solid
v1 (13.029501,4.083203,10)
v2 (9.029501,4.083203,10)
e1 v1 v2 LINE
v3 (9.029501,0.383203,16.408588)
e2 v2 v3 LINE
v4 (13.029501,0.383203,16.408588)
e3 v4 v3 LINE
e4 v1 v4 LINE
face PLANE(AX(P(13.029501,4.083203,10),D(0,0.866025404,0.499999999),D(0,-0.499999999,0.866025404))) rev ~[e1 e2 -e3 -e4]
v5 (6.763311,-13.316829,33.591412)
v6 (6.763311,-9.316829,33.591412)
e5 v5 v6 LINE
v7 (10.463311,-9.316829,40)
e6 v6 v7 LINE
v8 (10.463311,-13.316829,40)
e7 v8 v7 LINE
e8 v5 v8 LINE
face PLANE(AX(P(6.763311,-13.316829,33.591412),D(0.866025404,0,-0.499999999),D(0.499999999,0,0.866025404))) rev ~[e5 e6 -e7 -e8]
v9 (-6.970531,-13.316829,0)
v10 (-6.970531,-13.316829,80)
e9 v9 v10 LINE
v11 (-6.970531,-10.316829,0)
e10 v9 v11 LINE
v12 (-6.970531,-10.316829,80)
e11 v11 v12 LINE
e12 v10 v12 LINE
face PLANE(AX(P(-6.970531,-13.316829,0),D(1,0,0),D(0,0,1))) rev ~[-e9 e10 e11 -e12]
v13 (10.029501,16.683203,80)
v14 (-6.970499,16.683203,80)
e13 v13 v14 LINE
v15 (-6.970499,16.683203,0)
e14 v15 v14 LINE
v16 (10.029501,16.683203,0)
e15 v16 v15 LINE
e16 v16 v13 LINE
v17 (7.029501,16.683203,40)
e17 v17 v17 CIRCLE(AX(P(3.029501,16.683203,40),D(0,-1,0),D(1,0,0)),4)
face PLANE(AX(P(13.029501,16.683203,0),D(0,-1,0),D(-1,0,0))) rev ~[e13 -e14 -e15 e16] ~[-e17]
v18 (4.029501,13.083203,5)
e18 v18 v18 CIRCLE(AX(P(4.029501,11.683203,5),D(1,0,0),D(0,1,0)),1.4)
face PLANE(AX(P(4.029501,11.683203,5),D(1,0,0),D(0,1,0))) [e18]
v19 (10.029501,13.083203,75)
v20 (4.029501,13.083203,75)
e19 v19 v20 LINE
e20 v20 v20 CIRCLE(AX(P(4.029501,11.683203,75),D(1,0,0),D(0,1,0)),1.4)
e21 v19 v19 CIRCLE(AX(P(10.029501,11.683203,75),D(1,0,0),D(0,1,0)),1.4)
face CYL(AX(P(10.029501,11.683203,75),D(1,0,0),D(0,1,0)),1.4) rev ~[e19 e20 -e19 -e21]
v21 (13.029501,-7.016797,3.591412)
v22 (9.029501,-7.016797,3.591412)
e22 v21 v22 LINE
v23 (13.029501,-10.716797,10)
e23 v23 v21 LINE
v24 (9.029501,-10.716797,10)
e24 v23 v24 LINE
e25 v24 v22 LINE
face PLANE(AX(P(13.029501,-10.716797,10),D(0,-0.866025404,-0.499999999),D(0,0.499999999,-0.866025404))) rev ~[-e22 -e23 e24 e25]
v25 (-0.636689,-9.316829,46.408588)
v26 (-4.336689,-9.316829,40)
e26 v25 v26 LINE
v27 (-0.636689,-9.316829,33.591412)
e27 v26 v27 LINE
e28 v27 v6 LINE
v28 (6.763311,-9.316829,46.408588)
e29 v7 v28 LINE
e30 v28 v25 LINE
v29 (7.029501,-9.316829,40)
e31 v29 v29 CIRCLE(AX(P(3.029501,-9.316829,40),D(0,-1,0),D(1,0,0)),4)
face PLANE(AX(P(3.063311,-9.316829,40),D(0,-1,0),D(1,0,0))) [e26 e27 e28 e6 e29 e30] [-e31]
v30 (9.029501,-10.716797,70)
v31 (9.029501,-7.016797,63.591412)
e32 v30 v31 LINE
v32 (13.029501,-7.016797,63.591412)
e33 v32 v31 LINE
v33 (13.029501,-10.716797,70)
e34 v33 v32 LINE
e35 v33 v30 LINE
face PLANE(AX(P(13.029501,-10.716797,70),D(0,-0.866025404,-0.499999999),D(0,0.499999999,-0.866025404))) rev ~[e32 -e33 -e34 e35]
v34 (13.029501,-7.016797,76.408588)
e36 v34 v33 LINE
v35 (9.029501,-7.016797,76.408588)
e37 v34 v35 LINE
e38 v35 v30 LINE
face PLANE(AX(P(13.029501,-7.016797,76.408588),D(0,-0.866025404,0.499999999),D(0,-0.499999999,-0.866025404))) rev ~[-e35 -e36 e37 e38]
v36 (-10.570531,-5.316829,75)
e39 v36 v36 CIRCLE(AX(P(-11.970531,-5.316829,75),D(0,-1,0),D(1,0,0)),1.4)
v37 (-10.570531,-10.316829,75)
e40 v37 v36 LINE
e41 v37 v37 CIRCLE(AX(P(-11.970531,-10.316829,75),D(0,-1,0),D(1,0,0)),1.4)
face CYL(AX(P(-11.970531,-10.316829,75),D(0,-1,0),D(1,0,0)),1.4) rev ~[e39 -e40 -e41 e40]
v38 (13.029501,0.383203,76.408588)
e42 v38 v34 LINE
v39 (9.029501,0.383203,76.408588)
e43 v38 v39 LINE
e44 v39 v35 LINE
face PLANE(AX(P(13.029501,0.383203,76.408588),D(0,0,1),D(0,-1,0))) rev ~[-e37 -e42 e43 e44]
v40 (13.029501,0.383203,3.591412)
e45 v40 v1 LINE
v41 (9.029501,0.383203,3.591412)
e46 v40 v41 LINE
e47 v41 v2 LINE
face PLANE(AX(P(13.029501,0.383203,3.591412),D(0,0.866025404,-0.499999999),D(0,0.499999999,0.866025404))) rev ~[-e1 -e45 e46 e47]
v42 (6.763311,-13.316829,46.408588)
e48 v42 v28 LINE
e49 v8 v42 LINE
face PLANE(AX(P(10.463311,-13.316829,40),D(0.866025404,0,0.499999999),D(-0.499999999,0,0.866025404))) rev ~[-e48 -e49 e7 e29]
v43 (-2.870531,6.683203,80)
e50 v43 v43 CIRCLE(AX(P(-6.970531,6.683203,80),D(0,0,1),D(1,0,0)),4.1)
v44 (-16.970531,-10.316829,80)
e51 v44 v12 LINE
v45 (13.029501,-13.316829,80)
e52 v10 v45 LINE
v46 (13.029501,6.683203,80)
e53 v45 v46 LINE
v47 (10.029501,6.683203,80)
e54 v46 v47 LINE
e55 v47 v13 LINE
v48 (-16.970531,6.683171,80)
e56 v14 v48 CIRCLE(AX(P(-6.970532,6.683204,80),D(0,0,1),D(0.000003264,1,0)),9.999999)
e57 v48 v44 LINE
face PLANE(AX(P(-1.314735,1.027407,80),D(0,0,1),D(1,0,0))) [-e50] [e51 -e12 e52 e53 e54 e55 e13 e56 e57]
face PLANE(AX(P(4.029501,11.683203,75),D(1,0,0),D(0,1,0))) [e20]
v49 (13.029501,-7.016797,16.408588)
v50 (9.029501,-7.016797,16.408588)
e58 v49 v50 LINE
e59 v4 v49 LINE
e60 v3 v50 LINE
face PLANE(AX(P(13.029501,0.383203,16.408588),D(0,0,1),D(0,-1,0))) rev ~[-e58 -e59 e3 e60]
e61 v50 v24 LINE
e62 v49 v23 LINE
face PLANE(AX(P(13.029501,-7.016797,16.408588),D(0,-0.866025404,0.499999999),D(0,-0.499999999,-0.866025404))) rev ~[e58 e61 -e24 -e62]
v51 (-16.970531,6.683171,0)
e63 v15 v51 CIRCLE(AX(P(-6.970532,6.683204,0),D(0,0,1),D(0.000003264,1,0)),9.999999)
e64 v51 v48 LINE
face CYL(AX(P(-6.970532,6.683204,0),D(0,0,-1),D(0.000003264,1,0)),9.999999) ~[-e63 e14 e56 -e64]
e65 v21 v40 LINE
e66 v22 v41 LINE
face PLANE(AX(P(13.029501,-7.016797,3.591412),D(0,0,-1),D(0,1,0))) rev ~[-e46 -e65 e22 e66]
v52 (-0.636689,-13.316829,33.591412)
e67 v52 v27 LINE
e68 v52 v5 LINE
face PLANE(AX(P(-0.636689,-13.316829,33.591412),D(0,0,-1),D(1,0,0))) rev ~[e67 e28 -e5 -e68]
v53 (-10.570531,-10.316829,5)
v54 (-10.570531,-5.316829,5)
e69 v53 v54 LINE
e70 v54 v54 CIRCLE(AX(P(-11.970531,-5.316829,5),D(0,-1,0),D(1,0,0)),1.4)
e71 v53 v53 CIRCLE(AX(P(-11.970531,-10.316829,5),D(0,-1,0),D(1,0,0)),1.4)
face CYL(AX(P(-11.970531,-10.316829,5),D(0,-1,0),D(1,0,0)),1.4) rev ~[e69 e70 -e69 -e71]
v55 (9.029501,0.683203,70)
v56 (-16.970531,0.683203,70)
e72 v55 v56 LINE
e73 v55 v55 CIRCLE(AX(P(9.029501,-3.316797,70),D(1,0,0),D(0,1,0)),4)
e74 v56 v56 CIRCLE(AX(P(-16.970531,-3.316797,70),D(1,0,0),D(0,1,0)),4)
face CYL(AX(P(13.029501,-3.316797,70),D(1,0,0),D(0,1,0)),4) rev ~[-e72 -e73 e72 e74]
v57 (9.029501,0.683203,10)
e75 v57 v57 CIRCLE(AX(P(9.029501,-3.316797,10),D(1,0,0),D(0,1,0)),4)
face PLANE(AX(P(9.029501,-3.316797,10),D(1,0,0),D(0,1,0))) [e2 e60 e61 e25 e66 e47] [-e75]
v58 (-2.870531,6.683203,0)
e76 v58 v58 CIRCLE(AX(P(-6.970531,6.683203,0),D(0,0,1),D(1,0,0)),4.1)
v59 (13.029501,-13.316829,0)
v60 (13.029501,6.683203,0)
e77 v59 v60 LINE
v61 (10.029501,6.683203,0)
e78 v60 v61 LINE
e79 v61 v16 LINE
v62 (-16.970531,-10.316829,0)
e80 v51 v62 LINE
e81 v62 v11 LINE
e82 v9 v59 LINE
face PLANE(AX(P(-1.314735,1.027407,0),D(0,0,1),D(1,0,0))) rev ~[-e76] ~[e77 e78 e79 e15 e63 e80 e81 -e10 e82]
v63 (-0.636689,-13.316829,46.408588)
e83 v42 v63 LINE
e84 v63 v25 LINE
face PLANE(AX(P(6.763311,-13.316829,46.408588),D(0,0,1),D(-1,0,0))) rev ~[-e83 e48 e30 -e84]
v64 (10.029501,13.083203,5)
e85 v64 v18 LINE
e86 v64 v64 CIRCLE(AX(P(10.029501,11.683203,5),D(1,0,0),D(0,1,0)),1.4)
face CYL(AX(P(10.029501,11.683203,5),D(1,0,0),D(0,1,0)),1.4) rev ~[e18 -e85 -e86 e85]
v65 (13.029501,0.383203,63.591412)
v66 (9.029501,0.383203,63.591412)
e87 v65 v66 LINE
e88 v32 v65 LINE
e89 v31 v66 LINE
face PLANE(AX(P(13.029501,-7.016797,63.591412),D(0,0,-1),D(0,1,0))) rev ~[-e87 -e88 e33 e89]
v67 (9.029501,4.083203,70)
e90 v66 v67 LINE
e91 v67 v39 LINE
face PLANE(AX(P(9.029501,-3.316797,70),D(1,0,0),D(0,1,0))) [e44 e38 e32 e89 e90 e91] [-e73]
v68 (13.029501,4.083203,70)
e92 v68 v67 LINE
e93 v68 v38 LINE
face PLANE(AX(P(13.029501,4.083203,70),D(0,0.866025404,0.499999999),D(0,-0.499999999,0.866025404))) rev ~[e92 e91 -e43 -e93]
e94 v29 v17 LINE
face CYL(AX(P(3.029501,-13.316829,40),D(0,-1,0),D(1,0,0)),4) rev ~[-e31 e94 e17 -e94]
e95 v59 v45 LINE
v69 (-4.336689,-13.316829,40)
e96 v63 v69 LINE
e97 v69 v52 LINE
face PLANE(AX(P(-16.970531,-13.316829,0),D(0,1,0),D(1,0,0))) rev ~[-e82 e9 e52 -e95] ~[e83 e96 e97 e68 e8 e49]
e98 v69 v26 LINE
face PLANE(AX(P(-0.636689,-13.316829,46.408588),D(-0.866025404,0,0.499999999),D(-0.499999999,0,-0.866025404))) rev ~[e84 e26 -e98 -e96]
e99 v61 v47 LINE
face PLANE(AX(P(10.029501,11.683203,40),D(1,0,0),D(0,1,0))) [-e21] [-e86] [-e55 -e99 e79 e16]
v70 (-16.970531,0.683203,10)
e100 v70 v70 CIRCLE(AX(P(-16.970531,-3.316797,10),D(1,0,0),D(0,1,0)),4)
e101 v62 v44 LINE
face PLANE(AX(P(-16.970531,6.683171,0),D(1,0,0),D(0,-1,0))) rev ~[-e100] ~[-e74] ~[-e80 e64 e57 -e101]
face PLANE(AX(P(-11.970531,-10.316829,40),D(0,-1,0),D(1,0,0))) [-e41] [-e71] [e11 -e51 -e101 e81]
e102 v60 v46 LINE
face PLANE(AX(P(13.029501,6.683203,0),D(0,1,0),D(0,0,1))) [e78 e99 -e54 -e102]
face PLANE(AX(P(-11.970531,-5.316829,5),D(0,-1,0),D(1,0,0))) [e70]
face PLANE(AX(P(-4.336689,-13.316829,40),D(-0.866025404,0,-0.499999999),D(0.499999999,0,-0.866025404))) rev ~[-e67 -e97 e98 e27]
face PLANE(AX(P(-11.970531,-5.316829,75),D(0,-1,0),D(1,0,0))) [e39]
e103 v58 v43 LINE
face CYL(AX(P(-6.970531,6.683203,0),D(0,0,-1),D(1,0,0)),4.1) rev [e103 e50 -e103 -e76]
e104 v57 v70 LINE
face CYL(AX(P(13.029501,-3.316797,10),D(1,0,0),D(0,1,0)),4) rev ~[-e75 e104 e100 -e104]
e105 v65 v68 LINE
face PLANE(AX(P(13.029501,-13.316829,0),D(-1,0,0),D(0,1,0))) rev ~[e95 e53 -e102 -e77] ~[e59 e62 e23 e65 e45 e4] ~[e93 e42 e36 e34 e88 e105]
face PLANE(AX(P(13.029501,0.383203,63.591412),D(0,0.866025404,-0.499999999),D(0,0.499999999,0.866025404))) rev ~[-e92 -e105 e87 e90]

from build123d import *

# Parameters (mm, degrees)
SKETCH004_R  = 1.4
PAD002_DEPTH = 6
SKETCH007_R  = 4
PAD003_DEPTH = 31
SKETCH001_R  = 4
PAD004_DEPTH = 31
SKETCH006_R  = 1.4
PAD005_DEPTH = 5
PAD006_DEPTH = 4
SKETCH003_W  = 10
SKETCH003_H  = 80
PAD007_DEPTH = 3
SKETCH005_W  = 10
SKETCH005_H  = 80
PAD008_DEPTH = 3
PAD001_DEPTH = 4
SKETCH_R     = 4.1
PAD_DEPTH    = 80


with BuildPart() as pleximount02:
    # Sketch004 → Pad002 (new body)
    with BuildSketch(Plane.YZ.offset(10.029501)):
        with Locations((11.683203, 75)):
            Circle(SKETCH004_R)
        with Locations((11.683203, 5)):
            Circle(SKETCH004_R)
    extrude(amount=-PAD002_DEPTH)


with BuildPart() as rodhole01:
    # Sketch007 → Pad003 (new body)
    with BuildSketch(Plane.XZ.offset(13.316829)):
        with Locations((3.029501, 40)):
            Circle(SKETCH007_R)
    extrude(amount=-PAD003_DEPTH)


with BuildPart() as rodhole02:
    # Sketch001 → Pad004 (new body)
    with BuildSketch(Plane.YZ.offset(13.029501)):
        with Locations((-3.316797, 70)):
            Circle(SKETCH001_R)
        with Locations((-3.316797, 10)):
            Circle(SKETCH001_R)
    extrude(amount=-PAD004_DEPTH)


with BuildPart() as pleximount01:
    # Sketch006 → Pad005 (new body)
    with BuildSketch(Plane.XZ.offset(10.316829)):
        with Locations((-11.970531, 75)):
            Circle(SKETCH006_R)
        with Locations((-11.970531, 5)):
            Circle(SKETCH006_R)
    extrude(amount=-PAD005_DEPTH)


with BuildPart() as sidenutflush02:
    # Sketch002 → Pad006 (new body)
    with BuildSketch(Plane.YZ.offset(13.029501)):
        Polygon((4.083203, 70), (0.383203, 76.408588), (-7.016797, 76.408588), (-10.716797, 70), (-7.016797, 63.591412), (0.383203, 63.591412), align=None)
        Polygon((0.383203, 3.591412), (4.083203, 10), (0.383203, 16.408588), (-7.016797, 16.408588), (-10.716797, 10), (-7.016797, 3.591412), align=None)
    extrude(amount=-PAD006_DEPTH)


with BuildPart() as plexiflush02:
    # Sketch003 → Pad007 (new body)
    with BuildSketch(Plane.YZ.offset(13.029501)):
        with Locations((11.683203, 40)):
            Rectangle(SKETCH003_W, SKETCH003_H)
    extrude(amount=-PAD007_DEPTH)


with BuildPart() as plexiflush01:
    # Sketch005 → Pad008 (new body)
    with BuildSketch(Plane.XZ.offset(13.316829)):
        with Locations((-11.970531, 40)):
            Rectangle(SKETCH005_W, SKETCH005_H)
    extrude(amount=-PAD008_DEPTH)


with BuildPart() as cutblock:
    # Sketch008 → Pad001 (new body)
    with BuildSketch(Plane.XZ.offset(13.316829)):
        Polygon((6.763311, 33.591412), (10.463311, 40), (6.763311, 46.408588), (-0.636689, 46.408588), (-4.336689, 40), (-0.636689, 33.591412), align=None)
    extrude(amount=-PAD001_DEPTH)

    # Fusion: union PlexiMount02, RodHole01, RodHole02, PlexiMount01, SideNutFlush02, PlexiFlush02, PlexiFlush01
    add(pleximount02.part)
    add(rodhole01.part)
    add(rodhole02.part)
    add(pleximount01.part)
    add(sidenutflush02.part)
    add(plexiflush02.part)
    add(plexiflush01.part)


with BuildPart() as final:
    # Sketch → Pad (new body)
    with BuildSketch(Plane.XY):
        with BuildLine():
            Line((-16.970531, 6.683171), (-16.970531, -13.316829))
            Line((-16.970531, -13.316829), (13.029501, -13.316829))
            Line((13.029501, -13.316829), (13.029501, 16.683203))
            Line((13.029501, 16.683203), (-6.970499, 16.683203))
            ThreePointArc((-6.970499, 16.683203), (-14.041599, 13.754271), (-16.970531, 6.683171))
        make_face()
        with Locations((-6.970531, 6.683203)):
            Circle(SKETCH_R, mode=Mode.SUBTRACT)
    extrude(amount=PAD_DEPTH)

    # Cut: cut CutBlock
    add(cutblock.part, mode=Mode.SUBTRACT)


solid = final.part
